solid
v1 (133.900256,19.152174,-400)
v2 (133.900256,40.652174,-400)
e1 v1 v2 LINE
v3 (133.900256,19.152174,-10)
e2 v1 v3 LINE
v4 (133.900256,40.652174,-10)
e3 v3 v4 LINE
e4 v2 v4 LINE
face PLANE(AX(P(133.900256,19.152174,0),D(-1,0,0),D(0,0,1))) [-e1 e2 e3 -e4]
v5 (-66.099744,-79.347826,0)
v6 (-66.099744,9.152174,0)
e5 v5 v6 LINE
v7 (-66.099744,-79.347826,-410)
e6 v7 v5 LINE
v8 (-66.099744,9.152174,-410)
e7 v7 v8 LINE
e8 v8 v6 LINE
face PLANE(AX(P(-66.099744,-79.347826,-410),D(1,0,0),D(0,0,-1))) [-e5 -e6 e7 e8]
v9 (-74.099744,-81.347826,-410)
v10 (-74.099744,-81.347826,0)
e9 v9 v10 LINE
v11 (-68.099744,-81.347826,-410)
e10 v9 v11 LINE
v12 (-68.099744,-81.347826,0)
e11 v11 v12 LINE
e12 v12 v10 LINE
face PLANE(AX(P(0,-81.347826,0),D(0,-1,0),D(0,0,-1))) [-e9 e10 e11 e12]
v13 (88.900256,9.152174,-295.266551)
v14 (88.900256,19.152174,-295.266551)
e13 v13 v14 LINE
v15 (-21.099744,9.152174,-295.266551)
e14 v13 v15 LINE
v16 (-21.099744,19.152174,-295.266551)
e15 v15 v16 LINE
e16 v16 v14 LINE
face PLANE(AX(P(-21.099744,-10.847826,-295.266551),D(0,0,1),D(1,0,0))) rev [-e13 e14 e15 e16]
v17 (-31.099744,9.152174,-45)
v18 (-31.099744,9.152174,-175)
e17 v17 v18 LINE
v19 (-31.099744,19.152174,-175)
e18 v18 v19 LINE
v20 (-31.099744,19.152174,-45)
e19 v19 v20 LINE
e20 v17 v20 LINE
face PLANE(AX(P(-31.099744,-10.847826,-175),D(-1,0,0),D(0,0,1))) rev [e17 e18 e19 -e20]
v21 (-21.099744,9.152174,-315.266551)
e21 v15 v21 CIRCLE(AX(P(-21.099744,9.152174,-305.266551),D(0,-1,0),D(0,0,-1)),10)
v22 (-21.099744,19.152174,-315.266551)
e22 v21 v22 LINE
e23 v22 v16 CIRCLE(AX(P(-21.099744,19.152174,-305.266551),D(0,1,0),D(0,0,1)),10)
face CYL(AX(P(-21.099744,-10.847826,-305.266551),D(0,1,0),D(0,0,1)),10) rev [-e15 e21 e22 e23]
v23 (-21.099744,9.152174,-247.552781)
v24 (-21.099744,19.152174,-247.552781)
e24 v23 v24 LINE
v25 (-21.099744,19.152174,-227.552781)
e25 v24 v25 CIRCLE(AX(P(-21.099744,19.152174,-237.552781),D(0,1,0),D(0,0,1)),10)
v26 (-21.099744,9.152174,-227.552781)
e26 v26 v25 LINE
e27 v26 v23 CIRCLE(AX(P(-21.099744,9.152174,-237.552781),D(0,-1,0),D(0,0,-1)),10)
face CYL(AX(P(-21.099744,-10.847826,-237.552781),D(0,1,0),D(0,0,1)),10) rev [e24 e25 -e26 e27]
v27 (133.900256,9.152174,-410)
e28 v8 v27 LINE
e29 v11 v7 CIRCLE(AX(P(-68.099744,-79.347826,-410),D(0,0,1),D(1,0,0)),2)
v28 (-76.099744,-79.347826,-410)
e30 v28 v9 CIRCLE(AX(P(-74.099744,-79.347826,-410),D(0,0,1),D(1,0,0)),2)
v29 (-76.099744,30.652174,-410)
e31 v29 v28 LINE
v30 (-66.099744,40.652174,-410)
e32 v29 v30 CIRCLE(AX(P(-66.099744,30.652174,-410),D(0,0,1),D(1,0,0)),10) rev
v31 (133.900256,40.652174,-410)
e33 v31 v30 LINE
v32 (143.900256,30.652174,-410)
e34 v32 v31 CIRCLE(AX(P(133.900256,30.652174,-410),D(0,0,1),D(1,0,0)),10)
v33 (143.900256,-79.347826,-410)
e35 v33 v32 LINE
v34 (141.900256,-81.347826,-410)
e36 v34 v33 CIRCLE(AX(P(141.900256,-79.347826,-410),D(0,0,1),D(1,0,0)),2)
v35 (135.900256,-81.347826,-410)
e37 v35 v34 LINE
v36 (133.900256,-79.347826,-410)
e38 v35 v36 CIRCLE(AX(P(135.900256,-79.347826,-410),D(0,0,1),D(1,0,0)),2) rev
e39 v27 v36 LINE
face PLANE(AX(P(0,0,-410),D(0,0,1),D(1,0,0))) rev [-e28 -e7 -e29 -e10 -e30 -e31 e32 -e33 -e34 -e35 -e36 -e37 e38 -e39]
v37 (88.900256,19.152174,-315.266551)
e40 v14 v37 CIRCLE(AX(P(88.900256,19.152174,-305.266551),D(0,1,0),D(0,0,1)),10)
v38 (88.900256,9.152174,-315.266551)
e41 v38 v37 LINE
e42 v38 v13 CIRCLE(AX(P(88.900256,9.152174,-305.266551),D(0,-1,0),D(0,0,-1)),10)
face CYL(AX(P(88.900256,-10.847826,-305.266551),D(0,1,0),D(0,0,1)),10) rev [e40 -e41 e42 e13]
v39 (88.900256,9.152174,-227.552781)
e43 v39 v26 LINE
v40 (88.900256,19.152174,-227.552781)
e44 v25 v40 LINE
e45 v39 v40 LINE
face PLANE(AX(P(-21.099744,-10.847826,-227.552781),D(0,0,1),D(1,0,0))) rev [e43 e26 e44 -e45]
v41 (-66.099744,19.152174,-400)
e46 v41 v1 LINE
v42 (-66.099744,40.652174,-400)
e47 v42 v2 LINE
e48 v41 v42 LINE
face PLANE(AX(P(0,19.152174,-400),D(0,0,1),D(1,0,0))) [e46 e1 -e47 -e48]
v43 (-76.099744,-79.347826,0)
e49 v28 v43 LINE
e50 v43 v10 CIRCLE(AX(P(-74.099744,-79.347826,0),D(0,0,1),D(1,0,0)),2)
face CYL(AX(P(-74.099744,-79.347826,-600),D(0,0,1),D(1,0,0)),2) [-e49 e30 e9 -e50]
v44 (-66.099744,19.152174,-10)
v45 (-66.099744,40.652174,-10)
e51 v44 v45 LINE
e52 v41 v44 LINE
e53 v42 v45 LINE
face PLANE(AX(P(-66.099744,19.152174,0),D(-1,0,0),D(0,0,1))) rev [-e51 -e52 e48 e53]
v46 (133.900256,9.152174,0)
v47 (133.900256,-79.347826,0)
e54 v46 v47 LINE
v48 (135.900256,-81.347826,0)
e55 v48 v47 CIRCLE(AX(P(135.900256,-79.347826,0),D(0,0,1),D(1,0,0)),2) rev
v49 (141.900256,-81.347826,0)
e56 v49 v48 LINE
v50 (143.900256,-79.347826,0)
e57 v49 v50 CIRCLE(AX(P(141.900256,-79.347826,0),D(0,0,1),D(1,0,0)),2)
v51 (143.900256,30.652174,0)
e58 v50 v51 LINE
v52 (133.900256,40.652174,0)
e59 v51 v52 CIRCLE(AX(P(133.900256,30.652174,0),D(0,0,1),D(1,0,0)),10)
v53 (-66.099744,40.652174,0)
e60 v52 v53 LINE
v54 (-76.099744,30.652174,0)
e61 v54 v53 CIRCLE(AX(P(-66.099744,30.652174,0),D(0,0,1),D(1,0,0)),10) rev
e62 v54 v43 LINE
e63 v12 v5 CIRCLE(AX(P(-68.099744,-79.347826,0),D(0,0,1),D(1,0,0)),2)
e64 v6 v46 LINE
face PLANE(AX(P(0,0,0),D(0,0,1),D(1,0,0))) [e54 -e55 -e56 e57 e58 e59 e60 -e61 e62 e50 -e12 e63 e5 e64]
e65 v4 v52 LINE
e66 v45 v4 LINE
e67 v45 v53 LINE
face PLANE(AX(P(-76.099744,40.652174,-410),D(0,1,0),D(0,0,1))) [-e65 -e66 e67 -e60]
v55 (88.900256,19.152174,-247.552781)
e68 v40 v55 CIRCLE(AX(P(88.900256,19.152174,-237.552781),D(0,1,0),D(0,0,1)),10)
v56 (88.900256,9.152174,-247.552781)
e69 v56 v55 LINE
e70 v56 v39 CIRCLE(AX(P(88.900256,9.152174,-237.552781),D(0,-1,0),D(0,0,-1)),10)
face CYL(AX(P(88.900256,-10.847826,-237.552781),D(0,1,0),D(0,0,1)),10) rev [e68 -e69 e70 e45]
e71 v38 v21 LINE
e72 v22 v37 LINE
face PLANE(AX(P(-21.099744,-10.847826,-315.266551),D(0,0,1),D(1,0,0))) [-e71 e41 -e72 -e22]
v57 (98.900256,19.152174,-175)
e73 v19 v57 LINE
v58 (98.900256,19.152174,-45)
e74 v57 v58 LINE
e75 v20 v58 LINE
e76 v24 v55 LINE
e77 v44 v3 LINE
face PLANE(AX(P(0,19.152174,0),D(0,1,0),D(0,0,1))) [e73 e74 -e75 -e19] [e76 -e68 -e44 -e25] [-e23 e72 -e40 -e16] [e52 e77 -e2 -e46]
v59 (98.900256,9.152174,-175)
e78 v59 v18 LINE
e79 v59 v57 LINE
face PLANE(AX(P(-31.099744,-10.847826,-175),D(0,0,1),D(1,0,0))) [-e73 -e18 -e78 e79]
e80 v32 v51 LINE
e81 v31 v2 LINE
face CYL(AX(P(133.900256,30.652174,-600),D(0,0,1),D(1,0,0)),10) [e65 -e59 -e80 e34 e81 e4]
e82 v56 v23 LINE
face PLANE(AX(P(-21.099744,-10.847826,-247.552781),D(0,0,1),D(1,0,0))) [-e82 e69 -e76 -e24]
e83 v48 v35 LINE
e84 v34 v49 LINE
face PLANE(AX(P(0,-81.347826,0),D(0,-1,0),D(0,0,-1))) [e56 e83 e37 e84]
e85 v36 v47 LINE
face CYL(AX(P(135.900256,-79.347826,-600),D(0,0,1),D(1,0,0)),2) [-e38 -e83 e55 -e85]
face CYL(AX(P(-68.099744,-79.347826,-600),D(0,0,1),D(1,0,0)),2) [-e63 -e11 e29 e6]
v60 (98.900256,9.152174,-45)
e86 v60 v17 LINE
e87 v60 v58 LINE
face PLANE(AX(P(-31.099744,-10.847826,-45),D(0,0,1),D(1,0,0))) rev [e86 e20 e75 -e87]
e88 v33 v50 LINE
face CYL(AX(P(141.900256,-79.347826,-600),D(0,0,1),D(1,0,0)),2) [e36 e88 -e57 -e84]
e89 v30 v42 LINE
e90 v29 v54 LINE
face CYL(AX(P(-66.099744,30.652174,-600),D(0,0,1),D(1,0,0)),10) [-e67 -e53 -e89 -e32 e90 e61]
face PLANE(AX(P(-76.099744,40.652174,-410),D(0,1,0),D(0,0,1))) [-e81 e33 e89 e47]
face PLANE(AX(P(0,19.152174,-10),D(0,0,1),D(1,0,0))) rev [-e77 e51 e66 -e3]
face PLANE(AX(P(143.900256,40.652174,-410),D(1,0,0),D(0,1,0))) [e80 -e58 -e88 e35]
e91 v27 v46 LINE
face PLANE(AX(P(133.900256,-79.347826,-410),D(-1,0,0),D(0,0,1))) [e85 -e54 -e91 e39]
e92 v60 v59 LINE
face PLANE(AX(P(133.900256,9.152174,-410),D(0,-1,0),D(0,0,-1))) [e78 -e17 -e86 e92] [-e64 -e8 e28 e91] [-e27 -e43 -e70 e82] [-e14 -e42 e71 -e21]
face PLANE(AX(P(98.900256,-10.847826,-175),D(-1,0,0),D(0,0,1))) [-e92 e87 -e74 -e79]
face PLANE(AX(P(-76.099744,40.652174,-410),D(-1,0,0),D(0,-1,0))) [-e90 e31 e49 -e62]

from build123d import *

# Parameters (mm, degrees)
BOSS_EXTRUDE1_DEPTH = 410
SKETCH4_W           = 200
SKETCH4_H           = 390
CUT_EXTRUDE1_DEPTH  = 21.5
SKETCH5_W           = 130
SKETCH5_H           = 130
CUT_EXTRUDE2_DEPTH  = 30
SKETCH9_W           = 10
SKETCH9_H           = 410
BOSS_EXTRUDE2_DEPTH = 2
SKETCH10_W          = 10
SKETCH10_H          = 410
BOSS_EXTRUDE3_DEPTH = 2
CUT_EXTRUDE4_DEPTH  = 600


with BuildPart() as part:
    # Sketch3 → Boss-Extrude1 (new body)
    with BuildSketch(Plane.XY):
        Polygon((-76.099744246, 40.652173913), (143.900255754, 40.652173913), (143.900255754, -79.347826087), (133.900255754, -79.347826087), (133.900255754, 9.152173913), (-66.099744246, 9.152173913), (-66.099744246, -79.347826087), (-76.099744246, -79.347826087), align=None)
    extrude(amount=-BOSS_EXTRUDE1_DEPTH)

    # Sketch4 → Cut-Extrude1 (cut)
    with BuildSketch(Plane(origin=(0, 40.652173913, 0), x_dir=(1, 0, 0), z_dir=(0, 1, 0))):
        with Locations((33.900255754, 205)):
            Rectangle(SKETCH4_W, SKETCH4_H)
    extrude(amount=-CUT_EXTRUDE1_DEPTH, mode=Mode.SUBTRACT)

    # Sketch5 → Cut-Extrude2 (cut)
    with BuildSketch(Plane(origin=(0, 19.152173913, 0), x_dir=(1, 0, 0), z_dir=(0, 1, 0))):
        with Locations((33.900255754, 110)):
            Rectangle(SKETCH5_W, SKETCH5_H)
        with BuildLine():
            Line((-21.099744246, 247.552781264), (88.900255754, 247.552781264))
            ThreePointArc((88.900255754, 247.552781264), (98.900255754, 237.552781264), (88.900255754, 227.552781264))
            Line((88.900255754, 227.552781264), (-21.099744246, 227.552781264))
            ThreePointArc((-21.099744246, 227.552781264), (-31.099744246, 237.552781264), (-21.099744246, 247.552781264))
        make_face()
        with BuildLine():
            Line((-21.099744246, 315.266550997), (88.900255754, 315.266550997))
            ThreePointArc((88.900255754, 315.266550997), (98.900255754, 305.266550997), (88.900255754, 295.266550997))
            Line((88.900255754, 295.266550997), (-21.099744246, 295.266550997))
            ThreePointArc((-21.099744246, 295.266550997), (-31.099744246, 305.266550997), (-21.099744246, 315.266550997))
        make_face()
    extrude(amount=-CUT_EXTRUDE2_DEPTH, mode=Mode.SUBTRACT)

    # Sketch9 → Boss-Extrude2 (add)
    with BuildSketch(Plane.XZ.offset(79.347826087)):
        with Locations((138.900255754, -205)):
            Rectangle(SKETCH9_W, SKETCH9_H)
    extrude(amount=BOSS_EXTRUDE2_DEPTH)

    # Sketch10 → Boss-Extrude3 (add)
    with BuildSketch(Plane.XZ.offset(79.347826087)):
        with Locations((-71.099744246, -205)):
            Rectangle(SKETCH10_W, SKETCH10_H)
    extrude(amount=BOSS_EXTRUDE3_DEPTH)

    # Sketch11 → Cut-Extrude4 (cut)
    with BuildSketch(Plane.XY):
        with BuildLine():
            Line((-76.099744246, 40.652173913), (-76.099744246, 30.652173913))
            ThreePointArc((-76.099744246, 30.652173913), (-73.170812057, 37.723241725), (-66.099744246, 40.652173913))
            Line((-66.099744246, 40.652173913), (-76.099744246, 40.652173913))
        make_face()
        with BuildLine():
            Line((143.900255754, 40.652173913), (133.900255754, 40.652173913))
            ThreePointArc((133.900255754, 40.652173913), (140.971323566, 37.723241725), (143.900255754, 30.652173913))
            Line((143.900255754, 30.652173913), (143.900255754, 40.652173913))
        make_face()
        with BuildLine():
            Line((143.900255754, -81.347826087), (143.900255754, -79.347826087))
            ThreePointArc((143.900255754, -79.347826087), (143.314469317, -80.762039649), (141.900255754, -81.347826087))
            Line((141.900255754, -81.347826087), (143.900255754, -81.347826087))
        make_face()
        with BuildLine():
            Line((133.900255754, -81.347826087), (135.900255754, -81.347826087))
            ThreePointArc((135.900255754, -81.347826087), (134.486042192, -80.762039649), (133.900255754, -79.347826087))
            Line((133.900255754, -79.347826087), (133.900255754, -81.347826087))
        make_face()
        with BuildLine():
            ThreePointArc((-74.099744246, -81.347826087), (-75.513957808, -80.762039649), (-76.099744246, -79.347826087))
            Line((-76.099744246, -79.347826087), (-76.099744246, -81.347826087))
            Line((-76.099744246, -81.347826087), (-74.099744246, -81.347826087))
        make_face()
        with BuildLine():
            ThreePointArc((-66.099744246, -79.347826087), (-66.685530683, -80.762039649), (-68.099744246, -81.347826087))
            Line((-68.099744246, -81.347826087), (-66.099744246, -81.347826087))
            Line((-66.099744246, -81.347826087), (-66.099744246, -79.347826087))
        make_face()
    extrude(amount=-CUT_EXTRUDE4_DEPTH, mode=Mode.SUBTRACT)


solid = part.part
